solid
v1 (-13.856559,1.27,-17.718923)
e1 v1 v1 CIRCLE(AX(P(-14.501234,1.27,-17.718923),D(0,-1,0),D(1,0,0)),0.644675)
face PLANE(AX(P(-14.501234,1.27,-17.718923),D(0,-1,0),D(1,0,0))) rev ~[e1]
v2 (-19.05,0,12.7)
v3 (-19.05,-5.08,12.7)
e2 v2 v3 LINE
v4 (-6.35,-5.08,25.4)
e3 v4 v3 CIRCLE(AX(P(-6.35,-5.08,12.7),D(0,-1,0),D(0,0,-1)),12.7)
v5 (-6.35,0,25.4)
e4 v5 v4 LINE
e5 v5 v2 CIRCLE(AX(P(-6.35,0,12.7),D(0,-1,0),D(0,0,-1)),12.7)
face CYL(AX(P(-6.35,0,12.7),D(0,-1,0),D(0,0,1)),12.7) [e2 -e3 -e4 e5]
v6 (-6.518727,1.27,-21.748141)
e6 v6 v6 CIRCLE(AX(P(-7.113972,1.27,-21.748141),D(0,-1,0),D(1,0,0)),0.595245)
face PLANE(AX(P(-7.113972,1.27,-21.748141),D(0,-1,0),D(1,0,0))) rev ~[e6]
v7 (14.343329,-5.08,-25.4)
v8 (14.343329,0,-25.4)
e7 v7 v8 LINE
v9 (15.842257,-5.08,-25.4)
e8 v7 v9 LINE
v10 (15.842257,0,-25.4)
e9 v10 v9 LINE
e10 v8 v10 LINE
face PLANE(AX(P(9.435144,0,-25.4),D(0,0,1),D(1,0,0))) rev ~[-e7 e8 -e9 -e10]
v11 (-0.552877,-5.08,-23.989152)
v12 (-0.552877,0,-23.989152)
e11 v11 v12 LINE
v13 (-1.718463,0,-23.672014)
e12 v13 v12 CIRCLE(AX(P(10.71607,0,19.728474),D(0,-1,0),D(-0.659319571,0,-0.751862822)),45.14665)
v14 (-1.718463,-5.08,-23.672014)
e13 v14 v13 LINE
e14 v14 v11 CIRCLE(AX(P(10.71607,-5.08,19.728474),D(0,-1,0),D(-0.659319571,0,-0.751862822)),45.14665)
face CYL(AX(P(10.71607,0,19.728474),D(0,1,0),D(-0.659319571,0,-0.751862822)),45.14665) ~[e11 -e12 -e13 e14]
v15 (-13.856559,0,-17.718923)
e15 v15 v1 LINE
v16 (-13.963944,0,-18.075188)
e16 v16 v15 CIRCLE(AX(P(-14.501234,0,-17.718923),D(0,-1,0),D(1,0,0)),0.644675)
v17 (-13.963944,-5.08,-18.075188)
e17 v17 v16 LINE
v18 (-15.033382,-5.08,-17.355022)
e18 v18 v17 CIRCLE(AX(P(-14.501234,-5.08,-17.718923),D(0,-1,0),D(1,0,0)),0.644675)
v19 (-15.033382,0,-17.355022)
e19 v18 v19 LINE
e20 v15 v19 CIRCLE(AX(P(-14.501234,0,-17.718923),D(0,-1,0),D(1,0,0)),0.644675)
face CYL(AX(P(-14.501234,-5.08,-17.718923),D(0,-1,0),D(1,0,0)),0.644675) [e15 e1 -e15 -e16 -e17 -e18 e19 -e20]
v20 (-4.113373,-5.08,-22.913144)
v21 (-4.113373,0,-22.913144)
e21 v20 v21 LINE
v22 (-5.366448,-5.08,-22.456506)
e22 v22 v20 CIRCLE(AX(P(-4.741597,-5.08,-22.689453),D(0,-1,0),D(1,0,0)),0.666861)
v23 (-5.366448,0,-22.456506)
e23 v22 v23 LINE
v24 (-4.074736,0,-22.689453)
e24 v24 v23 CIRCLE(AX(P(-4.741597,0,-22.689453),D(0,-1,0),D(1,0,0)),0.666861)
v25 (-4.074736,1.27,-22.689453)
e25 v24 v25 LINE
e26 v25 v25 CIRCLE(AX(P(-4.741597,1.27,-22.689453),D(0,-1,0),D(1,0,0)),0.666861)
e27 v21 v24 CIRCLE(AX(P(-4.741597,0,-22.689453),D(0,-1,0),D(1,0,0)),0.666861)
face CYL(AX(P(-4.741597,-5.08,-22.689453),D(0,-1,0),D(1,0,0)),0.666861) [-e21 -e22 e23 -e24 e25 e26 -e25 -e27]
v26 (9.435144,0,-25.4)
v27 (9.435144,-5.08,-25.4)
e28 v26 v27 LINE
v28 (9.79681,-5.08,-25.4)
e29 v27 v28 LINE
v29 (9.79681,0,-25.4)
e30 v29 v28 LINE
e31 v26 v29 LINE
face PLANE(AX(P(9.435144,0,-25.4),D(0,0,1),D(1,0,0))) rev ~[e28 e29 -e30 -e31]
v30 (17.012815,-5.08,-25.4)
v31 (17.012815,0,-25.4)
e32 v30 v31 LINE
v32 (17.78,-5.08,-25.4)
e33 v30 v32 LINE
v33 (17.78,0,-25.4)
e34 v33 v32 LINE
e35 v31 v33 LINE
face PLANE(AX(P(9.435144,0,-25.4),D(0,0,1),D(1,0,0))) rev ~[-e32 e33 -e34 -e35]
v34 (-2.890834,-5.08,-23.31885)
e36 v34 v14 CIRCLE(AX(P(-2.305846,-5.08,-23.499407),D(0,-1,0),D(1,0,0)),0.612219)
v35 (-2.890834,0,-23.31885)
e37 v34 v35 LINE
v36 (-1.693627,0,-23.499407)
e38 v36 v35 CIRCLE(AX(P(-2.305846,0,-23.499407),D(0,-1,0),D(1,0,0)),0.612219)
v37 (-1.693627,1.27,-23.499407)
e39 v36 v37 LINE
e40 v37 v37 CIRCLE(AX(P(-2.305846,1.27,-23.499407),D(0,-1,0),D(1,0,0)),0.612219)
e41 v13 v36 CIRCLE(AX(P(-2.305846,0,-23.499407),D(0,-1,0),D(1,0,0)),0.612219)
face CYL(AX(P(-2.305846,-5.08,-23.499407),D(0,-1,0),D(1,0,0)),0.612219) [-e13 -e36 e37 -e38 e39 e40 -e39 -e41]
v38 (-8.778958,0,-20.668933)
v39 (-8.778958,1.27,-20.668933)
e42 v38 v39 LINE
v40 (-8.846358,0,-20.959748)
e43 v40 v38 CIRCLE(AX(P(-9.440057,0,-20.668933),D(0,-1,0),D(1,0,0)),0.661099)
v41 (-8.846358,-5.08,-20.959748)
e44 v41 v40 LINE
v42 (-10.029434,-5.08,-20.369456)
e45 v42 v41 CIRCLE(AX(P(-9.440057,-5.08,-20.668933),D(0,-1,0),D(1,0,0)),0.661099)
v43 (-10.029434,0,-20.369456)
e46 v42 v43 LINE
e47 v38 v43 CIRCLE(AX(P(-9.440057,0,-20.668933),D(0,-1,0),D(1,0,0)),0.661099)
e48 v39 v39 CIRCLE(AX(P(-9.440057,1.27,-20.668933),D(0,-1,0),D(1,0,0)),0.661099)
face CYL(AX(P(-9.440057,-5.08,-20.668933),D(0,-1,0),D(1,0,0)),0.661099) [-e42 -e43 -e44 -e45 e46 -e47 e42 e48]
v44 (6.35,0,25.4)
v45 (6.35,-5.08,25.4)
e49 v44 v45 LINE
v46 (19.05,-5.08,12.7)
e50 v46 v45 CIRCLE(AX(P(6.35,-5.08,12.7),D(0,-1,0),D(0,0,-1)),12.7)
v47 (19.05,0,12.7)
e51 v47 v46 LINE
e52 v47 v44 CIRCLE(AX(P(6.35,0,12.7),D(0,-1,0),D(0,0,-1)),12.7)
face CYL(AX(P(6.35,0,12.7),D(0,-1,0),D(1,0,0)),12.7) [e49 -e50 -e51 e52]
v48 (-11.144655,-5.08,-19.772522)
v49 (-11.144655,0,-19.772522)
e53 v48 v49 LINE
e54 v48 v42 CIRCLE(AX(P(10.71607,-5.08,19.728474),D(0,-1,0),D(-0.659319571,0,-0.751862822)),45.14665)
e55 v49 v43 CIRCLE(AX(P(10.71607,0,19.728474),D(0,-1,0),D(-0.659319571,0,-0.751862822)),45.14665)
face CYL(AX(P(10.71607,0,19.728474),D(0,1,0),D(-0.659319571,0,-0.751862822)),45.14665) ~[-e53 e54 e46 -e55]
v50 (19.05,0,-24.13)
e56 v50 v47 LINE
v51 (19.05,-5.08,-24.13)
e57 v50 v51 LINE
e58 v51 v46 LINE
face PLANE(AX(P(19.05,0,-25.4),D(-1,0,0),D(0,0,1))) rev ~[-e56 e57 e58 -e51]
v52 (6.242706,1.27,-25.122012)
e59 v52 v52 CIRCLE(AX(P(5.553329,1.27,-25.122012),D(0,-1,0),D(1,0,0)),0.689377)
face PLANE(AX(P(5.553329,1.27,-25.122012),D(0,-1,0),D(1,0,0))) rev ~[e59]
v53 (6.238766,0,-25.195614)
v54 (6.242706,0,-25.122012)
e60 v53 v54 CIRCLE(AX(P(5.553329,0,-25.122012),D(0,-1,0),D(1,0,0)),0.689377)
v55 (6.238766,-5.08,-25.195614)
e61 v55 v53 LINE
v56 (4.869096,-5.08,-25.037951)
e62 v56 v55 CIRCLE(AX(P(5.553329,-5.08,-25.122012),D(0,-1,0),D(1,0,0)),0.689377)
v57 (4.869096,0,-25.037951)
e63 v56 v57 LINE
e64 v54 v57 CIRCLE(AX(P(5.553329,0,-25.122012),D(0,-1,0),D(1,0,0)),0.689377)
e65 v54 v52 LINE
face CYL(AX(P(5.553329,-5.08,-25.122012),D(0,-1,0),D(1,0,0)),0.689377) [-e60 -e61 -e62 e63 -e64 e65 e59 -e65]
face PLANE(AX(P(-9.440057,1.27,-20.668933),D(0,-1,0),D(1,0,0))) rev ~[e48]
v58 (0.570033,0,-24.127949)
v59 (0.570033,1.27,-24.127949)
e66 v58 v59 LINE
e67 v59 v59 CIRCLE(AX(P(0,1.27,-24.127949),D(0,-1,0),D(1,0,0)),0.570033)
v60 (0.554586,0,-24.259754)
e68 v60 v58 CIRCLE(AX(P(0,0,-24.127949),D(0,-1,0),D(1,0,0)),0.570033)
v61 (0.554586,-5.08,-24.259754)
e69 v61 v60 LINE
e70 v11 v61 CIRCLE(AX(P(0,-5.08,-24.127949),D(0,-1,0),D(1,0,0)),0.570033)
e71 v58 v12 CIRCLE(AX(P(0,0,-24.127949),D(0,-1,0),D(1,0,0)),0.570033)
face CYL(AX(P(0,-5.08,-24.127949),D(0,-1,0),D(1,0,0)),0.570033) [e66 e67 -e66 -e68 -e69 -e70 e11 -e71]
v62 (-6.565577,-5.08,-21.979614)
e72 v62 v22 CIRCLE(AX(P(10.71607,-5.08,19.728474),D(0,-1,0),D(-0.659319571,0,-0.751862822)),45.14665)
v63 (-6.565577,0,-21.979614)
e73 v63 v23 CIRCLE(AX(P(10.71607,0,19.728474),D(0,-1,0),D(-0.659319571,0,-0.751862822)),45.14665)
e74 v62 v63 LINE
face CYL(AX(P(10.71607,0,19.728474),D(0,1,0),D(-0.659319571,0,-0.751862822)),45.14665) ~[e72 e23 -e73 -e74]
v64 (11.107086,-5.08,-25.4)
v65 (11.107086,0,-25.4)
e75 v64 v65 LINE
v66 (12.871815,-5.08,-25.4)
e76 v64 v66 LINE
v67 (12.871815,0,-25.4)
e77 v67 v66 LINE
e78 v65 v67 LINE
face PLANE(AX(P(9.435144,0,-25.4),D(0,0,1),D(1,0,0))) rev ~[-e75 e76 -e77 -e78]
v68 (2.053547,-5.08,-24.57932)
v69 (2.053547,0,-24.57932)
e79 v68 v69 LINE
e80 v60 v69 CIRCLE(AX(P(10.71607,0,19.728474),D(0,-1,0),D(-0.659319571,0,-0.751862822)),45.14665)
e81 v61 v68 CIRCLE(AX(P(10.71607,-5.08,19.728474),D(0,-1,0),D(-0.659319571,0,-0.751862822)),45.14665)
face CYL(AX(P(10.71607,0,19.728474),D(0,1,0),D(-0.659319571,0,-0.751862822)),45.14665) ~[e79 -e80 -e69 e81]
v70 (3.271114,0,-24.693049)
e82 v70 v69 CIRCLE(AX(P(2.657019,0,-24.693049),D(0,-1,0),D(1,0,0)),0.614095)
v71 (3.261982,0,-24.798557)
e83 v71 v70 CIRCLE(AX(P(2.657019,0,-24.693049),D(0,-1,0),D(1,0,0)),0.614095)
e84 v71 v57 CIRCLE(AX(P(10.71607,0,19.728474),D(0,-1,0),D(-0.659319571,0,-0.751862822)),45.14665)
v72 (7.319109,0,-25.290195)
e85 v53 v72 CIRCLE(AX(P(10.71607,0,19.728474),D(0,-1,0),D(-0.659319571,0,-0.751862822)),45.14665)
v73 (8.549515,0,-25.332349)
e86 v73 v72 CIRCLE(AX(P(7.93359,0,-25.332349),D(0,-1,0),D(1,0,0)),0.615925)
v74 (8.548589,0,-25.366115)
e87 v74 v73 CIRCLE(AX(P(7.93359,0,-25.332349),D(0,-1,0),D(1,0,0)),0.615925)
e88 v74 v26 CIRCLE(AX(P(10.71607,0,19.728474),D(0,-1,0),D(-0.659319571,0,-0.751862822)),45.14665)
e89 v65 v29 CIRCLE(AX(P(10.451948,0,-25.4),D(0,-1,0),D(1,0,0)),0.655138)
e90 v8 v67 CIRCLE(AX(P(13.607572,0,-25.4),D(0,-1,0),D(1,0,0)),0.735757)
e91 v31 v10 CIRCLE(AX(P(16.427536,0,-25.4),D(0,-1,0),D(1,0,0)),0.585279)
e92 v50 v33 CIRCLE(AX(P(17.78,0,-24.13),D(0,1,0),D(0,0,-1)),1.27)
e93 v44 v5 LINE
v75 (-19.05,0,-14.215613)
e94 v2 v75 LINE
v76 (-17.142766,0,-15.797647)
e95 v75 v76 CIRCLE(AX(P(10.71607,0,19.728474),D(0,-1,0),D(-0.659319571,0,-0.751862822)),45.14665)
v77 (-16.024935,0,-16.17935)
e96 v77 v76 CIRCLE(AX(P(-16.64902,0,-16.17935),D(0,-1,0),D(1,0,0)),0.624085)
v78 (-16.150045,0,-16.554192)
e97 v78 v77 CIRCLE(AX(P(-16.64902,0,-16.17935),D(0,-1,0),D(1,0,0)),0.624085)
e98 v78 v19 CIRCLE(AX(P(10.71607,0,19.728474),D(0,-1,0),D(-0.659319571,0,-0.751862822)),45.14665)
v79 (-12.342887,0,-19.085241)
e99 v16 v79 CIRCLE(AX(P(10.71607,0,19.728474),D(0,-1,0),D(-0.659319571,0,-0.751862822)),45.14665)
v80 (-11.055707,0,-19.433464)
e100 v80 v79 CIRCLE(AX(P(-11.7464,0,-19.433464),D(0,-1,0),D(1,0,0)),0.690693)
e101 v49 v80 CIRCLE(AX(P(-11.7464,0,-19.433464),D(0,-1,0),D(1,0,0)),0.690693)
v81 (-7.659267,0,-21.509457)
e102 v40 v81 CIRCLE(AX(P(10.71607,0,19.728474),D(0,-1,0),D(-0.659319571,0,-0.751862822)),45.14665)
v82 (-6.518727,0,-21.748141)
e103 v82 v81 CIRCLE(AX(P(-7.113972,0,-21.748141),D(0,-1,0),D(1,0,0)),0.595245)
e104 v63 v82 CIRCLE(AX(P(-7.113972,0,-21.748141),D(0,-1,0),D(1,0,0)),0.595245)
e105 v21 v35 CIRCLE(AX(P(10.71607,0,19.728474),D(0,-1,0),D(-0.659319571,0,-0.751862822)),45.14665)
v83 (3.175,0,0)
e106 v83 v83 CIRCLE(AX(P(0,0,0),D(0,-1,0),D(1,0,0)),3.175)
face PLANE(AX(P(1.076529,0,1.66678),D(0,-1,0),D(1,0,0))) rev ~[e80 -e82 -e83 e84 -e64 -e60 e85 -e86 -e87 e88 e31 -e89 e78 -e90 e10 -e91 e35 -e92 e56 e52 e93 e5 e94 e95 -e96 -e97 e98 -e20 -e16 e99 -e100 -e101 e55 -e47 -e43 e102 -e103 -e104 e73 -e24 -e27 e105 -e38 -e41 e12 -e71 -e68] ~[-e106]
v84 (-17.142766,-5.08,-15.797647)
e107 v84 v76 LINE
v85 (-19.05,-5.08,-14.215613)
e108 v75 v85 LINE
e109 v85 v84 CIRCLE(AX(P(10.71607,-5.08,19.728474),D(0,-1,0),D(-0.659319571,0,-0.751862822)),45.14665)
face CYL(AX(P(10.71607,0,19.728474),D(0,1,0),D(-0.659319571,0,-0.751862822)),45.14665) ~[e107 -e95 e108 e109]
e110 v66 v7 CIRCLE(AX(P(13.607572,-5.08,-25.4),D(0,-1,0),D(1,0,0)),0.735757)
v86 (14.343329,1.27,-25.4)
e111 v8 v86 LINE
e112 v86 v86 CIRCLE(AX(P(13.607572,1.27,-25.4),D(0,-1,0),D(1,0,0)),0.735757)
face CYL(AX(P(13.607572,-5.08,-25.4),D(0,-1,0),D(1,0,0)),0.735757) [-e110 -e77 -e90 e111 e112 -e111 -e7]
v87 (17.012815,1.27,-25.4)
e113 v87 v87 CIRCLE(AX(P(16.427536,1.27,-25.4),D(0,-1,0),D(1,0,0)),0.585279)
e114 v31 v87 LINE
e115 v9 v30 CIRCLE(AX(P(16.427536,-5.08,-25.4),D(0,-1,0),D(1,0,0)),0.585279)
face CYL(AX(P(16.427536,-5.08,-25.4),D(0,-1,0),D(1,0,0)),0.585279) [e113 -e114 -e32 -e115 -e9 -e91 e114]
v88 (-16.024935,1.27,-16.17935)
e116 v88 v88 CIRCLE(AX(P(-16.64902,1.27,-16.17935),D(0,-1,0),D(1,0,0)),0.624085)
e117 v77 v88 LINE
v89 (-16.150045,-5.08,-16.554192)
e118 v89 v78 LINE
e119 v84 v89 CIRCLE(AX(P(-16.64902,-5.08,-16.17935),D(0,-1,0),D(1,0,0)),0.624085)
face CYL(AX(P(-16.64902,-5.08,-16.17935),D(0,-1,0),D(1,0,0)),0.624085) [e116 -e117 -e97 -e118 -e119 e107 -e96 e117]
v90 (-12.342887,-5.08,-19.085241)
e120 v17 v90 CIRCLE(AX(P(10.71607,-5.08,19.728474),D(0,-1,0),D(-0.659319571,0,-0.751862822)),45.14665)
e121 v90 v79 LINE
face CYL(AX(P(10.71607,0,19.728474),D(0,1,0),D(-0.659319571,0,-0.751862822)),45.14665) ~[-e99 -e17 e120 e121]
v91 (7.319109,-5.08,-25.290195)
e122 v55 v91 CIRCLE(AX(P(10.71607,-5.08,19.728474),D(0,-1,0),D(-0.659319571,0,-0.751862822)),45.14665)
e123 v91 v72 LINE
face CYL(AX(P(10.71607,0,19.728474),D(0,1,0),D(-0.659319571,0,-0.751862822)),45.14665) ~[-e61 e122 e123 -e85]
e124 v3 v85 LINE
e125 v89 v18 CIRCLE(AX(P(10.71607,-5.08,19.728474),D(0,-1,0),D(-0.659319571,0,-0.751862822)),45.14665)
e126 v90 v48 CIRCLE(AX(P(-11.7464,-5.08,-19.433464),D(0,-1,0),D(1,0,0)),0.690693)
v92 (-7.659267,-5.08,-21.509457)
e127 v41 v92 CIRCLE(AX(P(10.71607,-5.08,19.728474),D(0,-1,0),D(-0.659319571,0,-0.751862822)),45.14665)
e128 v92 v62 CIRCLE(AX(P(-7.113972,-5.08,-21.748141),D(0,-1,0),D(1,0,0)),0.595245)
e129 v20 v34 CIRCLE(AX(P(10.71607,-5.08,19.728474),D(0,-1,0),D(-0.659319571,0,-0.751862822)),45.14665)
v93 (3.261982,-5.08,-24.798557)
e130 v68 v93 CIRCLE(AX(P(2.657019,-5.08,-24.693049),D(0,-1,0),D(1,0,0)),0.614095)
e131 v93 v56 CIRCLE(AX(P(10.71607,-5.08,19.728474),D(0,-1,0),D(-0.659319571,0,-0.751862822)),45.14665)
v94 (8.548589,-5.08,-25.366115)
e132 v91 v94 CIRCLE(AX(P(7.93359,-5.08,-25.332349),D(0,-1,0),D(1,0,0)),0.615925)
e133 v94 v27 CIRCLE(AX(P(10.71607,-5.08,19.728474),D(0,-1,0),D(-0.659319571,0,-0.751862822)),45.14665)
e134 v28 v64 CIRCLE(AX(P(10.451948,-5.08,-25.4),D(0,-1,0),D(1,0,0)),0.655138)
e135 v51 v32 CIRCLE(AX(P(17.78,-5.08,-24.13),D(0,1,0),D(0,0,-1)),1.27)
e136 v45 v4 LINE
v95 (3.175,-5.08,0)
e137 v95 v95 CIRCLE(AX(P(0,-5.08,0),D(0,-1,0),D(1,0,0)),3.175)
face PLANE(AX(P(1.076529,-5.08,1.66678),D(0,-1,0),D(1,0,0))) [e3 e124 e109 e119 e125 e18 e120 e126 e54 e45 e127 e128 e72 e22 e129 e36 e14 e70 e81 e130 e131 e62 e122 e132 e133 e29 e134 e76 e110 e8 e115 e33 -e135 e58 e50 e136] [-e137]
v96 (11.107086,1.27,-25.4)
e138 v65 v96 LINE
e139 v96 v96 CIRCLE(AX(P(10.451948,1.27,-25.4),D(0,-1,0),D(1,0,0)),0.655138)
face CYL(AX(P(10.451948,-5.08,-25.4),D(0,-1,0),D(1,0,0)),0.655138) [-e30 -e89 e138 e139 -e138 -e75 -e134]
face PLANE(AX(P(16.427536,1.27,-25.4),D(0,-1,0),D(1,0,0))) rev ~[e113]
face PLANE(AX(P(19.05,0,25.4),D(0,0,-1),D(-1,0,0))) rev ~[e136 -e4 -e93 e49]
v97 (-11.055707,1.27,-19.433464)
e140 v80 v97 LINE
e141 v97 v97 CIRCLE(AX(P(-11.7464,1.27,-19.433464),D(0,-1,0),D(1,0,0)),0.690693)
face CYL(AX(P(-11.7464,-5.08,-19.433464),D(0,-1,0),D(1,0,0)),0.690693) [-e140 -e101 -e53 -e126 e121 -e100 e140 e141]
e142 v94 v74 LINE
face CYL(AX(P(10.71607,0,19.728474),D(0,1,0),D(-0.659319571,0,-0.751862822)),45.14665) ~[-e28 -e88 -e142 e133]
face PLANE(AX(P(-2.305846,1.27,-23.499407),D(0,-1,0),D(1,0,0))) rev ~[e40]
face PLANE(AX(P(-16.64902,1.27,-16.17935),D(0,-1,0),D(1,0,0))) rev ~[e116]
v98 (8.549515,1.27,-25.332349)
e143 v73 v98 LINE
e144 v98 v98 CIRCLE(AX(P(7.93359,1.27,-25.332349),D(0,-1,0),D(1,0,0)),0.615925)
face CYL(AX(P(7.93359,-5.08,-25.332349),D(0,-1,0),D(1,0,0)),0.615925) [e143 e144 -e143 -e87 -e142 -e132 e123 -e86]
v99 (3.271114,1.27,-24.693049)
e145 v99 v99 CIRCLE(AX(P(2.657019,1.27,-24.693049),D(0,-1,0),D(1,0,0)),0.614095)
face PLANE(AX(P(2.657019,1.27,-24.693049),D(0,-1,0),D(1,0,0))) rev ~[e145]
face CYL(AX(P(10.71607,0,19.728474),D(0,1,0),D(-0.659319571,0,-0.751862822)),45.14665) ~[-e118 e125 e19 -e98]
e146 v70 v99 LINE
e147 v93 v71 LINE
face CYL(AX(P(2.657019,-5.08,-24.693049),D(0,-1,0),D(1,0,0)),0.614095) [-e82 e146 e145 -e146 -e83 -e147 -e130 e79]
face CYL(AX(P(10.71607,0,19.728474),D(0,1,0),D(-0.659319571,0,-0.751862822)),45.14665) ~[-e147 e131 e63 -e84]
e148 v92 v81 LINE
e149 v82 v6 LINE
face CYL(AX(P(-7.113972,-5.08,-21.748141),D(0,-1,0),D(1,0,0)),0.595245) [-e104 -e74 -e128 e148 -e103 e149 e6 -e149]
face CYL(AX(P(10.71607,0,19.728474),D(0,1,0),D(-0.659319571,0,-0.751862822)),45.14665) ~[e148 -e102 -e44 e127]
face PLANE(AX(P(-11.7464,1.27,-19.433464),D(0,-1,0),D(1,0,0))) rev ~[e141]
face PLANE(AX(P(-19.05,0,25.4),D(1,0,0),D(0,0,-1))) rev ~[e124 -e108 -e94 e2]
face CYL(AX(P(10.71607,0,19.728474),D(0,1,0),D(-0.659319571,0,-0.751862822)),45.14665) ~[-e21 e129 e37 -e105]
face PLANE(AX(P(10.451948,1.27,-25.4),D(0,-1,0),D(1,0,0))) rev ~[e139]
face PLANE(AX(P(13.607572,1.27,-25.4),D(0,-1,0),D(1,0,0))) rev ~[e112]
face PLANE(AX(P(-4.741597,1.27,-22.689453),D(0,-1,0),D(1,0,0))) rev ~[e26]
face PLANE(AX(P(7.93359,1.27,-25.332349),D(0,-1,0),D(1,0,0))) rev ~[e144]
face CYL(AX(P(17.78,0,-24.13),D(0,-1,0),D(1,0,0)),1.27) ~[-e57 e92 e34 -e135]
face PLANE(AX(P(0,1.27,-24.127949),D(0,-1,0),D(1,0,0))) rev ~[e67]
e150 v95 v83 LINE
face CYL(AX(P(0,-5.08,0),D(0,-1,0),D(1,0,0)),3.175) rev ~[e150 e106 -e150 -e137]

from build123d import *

# Parameters (mm, degrees)
F1_DEPTH = 5.08
F2_R     = 3.175
F3_DEPTH = 25.4
F4_R     = 12.7
F5_R     = 1.27
F6_R     = 0.624085
F6_R_2   = 0.644675
F6_R_3   = 0.690693
F6_R_4   = 0.661099
F6_R_5   = 0.595245
F6_R_6   = 0.666861
F6_R_7   = 0.612219
F6_R_8   = 0.570033
F6_R_9   = 0.614095
F6_R_10  = 0.689377
F6_R_11  = 0.615925
F6_R_12  = 0.655138
F6_R_13  = 0.735757
F6_R_14  = 0.585279
F7_DEPTH = 6.35


with BuildPart() as f1:
    # F0 (on Front) → F1 (new body)
    with BuildSketch(Plane.XZ):
        with BuildLine():
            Line((19.05, -25.4), (19.05, 25.4))
            Line((19.05, 25.4), (-19.05, 25.4))
            Line((-19.05, 25.4), (-19.05, -14.215613))
            ThreePointArc((-19.05, -14.215613), (-5.783979, -22.294952), (9.435144, -25.4))
            Line((9.435144, -25.4), (19.05, -25.4))
        make_face()
    extrude(amount=F1_DEPTH)

    # F2 (on face) → F3 (cut)
    with BuildSketch(Plane.XZ.offset(5.08)):
        Circle(F2_R)
    extrude(amount=-F3_DEPTH, mode=Mode.SUBTRACT)

    # F4
    f4_edges = [f1.edges().sort_by_distance(p)[0] for p in [
        (19.05, -2.54, 25.4),
        (-19.05, -2.54, 25.4),
    ]]
    fillet(f4_edges, radius=F4_R)

    # F5
    f5_edges = [f1.edges().sort_by_distance(p)[0] for p in [
        (19.05, -2.54, -25.4),
    ]]
    fillet(f5_edges, radius=F5_R)

    # F6 (on face) → F7 (join)
    with BuildSketch(Plane.XZ.offset(5.08)):
        with Locations((-16.64902, -16.17935)):
            Circle(F6_R)
        with Locations((-14.501234, -17.718923)):
            Circle(F6_R_2)
        with Locations((-11.7464, -19.433464)):
            Circle(F6_R_3)
        with Locations((-9.440057, -20.668933)):
            Circle(F6_R_4)
        with Locations((-7.113972, -21.748141)):
            Circle(F6_R_5)
        with Locations((-4.741597, -22.689453)):
            Circle(F6_R_6)
        with Locations((-2.305846, -23.499407)):
            Circle(F6_R_7)
        with Locations((0, -24.127949)):
            Circle(F6_R_8)
        with Locations((2.657019, -24.693049)):
            Circle(F6_R_9)
        with Locations((5.553329, -25.122012)):
            Circle(F6_R_10)
        with Locations((7.93359, -25.332349)):
            Circle(F6_R_11)
        with Locations((10.451948, -25.4)):
            Circle(F6_R_12)
        with Locations((13.607572, -25.4)):
            Circle(F6_R_13)
        with Locations((16.427536, -25.4)):
            Circle(F6_R_14)
    extrude(amount=-F7_DEPTH)


solid = f1.part
